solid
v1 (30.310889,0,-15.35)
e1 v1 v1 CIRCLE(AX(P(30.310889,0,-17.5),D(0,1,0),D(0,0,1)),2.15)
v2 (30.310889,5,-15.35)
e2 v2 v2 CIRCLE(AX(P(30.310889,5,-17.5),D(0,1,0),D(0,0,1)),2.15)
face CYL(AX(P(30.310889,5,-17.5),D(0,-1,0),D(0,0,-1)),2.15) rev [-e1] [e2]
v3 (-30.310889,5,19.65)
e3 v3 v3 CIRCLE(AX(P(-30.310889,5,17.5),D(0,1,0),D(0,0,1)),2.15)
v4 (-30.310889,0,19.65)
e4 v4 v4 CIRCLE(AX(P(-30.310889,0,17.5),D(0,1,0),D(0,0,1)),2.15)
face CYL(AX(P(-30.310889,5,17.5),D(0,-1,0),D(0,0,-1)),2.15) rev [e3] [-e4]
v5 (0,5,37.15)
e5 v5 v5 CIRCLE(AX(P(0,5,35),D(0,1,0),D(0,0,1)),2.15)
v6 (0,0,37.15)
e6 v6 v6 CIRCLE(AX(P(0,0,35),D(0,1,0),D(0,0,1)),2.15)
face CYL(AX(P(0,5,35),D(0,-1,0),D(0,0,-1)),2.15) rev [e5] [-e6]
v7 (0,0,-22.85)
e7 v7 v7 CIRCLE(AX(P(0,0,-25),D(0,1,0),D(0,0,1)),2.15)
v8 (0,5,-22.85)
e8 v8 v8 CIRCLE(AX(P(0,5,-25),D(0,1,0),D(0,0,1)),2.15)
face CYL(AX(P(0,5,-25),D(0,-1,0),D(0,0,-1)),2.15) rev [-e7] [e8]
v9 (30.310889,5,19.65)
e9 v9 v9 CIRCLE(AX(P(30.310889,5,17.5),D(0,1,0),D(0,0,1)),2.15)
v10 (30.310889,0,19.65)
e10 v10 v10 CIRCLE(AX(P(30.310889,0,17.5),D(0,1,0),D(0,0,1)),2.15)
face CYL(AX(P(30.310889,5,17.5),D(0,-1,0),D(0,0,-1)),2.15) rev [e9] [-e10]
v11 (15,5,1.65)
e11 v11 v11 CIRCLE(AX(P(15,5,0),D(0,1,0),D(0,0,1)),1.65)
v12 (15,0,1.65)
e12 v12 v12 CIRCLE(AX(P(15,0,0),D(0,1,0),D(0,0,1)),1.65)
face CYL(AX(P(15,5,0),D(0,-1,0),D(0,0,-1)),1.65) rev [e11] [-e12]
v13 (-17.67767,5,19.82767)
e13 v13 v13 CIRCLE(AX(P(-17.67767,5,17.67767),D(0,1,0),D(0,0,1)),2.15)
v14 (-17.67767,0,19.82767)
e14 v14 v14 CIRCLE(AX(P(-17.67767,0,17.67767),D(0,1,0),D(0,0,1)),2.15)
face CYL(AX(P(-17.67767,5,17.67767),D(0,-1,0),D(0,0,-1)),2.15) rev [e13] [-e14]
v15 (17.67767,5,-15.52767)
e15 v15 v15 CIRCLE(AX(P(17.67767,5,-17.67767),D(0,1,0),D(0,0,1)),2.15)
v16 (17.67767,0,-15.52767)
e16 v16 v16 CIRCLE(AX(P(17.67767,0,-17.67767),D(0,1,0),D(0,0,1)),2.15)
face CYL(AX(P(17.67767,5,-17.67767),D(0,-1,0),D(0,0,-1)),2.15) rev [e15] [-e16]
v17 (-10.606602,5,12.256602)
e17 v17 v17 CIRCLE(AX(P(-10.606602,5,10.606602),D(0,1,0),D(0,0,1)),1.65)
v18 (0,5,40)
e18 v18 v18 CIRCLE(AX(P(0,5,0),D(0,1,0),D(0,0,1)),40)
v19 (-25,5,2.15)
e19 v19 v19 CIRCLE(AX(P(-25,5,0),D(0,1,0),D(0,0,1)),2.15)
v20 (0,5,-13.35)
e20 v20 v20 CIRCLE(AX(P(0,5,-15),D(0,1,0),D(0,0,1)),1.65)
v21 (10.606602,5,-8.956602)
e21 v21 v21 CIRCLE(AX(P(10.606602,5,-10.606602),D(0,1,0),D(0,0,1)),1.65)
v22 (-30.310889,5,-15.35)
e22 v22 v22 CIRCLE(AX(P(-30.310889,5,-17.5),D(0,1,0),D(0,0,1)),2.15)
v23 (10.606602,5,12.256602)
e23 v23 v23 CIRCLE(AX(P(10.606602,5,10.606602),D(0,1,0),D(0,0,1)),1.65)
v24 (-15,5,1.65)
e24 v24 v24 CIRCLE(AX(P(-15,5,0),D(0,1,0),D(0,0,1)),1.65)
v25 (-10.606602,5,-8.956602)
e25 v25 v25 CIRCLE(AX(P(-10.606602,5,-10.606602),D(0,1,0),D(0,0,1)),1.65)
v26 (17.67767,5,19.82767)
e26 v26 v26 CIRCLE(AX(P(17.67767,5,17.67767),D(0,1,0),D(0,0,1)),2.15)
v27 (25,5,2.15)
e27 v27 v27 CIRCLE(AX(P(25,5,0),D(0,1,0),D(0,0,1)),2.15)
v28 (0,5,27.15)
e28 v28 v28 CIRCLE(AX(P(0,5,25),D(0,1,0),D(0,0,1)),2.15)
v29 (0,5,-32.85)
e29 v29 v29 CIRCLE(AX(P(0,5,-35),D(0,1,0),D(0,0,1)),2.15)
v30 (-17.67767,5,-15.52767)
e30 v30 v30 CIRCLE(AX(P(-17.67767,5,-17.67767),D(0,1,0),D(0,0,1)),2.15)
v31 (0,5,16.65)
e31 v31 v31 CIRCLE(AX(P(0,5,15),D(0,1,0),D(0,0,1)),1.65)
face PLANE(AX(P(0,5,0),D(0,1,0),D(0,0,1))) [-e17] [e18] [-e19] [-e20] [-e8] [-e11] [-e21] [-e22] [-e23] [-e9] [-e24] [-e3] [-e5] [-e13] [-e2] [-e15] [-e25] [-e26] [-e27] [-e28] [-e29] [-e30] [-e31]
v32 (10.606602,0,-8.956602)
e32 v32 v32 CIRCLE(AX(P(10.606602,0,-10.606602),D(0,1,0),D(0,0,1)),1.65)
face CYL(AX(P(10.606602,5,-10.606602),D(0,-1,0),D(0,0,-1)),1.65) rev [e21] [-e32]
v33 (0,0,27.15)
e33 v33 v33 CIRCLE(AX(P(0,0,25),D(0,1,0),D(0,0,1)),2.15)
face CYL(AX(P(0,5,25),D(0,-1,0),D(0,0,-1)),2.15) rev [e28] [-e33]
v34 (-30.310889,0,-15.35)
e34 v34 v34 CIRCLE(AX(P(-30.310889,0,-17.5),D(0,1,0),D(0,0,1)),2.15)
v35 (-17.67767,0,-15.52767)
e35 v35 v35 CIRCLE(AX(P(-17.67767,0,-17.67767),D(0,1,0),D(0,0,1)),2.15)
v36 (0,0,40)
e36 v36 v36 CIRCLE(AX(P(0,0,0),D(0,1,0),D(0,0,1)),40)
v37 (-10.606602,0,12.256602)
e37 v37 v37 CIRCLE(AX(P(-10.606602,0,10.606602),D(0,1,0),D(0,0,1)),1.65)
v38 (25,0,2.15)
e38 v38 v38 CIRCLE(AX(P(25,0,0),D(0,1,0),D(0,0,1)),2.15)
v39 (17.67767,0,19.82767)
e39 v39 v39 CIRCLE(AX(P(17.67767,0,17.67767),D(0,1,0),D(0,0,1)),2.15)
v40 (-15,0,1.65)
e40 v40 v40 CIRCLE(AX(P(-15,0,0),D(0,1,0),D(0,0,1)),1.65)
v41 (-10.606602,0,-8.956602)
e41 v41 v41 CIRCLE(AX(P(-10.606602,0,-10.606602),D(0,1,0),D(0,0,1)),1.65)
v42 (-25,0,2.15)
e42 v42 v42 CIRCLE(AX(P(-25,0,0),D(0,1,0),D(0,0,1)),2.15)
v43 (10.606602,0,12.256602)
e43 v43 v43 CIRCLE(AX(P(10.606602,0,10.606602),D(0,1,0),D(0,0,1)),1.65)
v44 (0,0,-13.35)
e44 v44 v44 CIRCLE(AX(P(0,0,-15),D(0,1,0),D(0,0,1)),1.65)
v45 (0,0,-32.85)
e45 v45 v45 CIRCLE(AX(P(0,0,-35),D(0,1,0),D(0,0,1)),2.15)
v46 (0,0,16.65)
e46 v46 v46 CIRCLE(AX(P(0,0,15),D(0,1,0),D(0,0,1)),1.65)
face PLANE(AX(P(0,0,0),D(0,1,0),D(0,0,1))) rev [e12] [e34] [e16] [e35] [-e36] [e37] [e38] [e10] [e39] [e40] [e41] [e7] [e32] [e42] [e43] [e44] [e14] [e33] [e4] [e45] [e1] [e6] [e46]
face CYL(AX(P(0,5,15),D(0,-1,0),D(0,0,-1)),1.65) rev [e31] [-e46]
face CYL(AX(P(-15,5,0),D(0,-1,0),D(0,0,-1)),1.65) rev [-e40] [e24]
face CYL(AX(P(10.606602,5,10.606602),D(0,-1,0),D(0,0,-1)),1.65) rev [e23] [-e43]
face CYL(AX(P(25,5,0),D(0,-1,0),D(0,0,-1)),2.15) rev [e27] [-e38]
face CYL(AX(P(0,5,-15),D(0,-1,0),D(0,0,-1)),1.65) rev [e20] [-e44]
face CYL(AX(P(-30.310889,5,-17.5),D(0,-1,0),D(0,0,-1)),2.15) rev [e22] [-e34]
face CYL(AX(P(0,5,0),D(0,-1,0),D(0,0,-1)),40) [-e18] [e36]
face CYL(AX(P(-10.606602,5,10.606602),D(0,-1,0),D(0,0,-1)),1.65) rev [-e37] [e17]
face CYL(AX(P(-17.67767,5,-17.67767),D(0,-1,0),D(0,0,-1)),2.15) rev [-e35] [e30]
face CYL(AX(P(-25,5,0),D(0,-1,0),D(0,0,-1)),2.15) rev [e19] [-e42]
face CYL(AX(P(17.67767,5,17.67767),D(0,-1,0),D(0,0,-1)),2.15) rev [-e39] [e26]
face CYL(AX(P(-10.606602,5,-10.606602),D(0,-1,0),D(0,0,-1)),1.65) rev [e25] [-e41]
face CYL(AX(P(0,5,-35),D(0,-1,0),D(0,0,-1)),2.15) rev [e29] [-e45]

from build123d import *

# Parameters (mm, degrees)
SKETCH_1_R      = 40
SKETCH_1_R_2    = 2.15
SKETCH_1_R_3    = 1.65
EXTRUDE_2_DEPTH = 5


with BuildPart() as part:
    # 草图1 → 凸台-拉伸2 (new body)
    with BuildSketch(Plane(origin=(0, 0, 0), x_dir=(1, 0, 0), z_dir=(0, 1, 0))):
        with Locations(Location((0, 0, 0), (0, 0, 270))):
            Circle(SKETCH_1_R)
        with Locations(Location((0, 35, 0), (0, 0, 270))):
            Circle(SKETCH_1_R_2, mode=Mode.SUBTRACT)
        with Locations(Location((30.310889132, 17.5, 0), (0, 0, 270))):
            Circle(SKETCH_1_R_2, mode=Mode.SUBTRACT)
        with Locations(Location((30.310889132, -17.5, 0), (0, 0, 270))):
            Circle(SKETCH_1_R_2, mode=Mode.SUBTRACT)
        with Locations(Location((0, -35, 0), (0, 0, 270))):
            Circle(SKETCH_1_R_2, mode=Mode.SUBTRACT)
        with Locations(Location((-30.310889132, -17.5, 0), (0, 0, 270))):
            Circle(SKETCH_1_R_2, mode=Mode.SUBTRACT)
        with Locations(Location((-30.310889132, 17.5, 0), (0, 0, 270))):
            Circle(SKETCH_1_R_2, mode=Mode.SUBTRACT)
        with Locations(Location((0, 25, 0), (0, 0, 270))):
            Circle(SKETCH_1_R_2, mode=Mode.SUBTRACT)
        with Locations(Location((17.67766953, 17.67766953, 0), (0, 0, 270))):
            Circle(SKETCH_1_R_2, mode=Mode.SUBTRACT)
        with Locations(Location((25, 0, 0), (0, 0, 270))):
            Circle(SKETCH_1_R_2, mode=Mode.SUBTRACT)
        with Locations(Location((17.67766953, -17.67766953, 0), (0, 0, 270))):
            Circle(SKETCH_1_R_2, mode=Mode.SUBTRACT)
        with Locations(Location((0, -25, 0), (0, 0, 270))):
            Circle(SKETCH_1_R_2, mode=Mode.SUBTRACT)
        with Locations(Location((-17.67766953, -17.67766953, 0), (0, 0, 270))):
            Circle(SKETCH_1_R_2, mode=Mode.SUBTRACT)
        with Locations(Location((-25, 0, 0), (0, 0, 270))):
            Circle(SKETCH_1_R_2, mode=Mode.SUBTRACT)
        with Locations(Location((-17.67766953, 17.67766953, 0), (0, 0, 270))):
            Circle(SKETCH_1_R_2, mode=Mode.SUBTRACT)
        with Locations(Location((0, 15, 0), (0, 0, 270))):
            Circle(SKETCH_1_R_3, mode=Mode.SUBTRACT)
        with Locations(Location((10.606601718, 10.606601718, 0), (0, 0, 270))):
            Circle(SKETCH_1_R_3, mode=Mode.SUBTRACT)
        with Locations(Location((15, 0, 0), (0, 0, 270))):
            Circle(SKETCH_1_R_3, mode=Mode.SUBTRACT)
        with Locations(Location((10.606601718, -10.606601718, 0), (0, 0, 270))):
            Circle(SKETCH_1_R_3, mode=Mode.SUBTRACT)
        with Locations(Location((0, -15, 0), (0, 0, 270))):
            Circle(SKETCH_1_R_3, mode=Mode.SUBTRACT)
        with Locations(Location((-10.606601718, -10.606601718, 0), (0, 0, 270))):
            Circle(SKETCH_1_R_3, mode=Mode.SUBTRACT)
        with Locations(Location((-15, 0, 0), (0, 0, 270))):
            Circle(SKETCH_1_R_3, mode=Mode.SUBTRACT)
        with Locations(Location((-10.606601718, 10.606601718, 0), (0, 0, 270))):
            Circle(SKETCH_1_R_3, mode=Mode.SUBTRACT)
    extrude(amount=EXTRUDE_2_DEPTH)


solid = part.part
